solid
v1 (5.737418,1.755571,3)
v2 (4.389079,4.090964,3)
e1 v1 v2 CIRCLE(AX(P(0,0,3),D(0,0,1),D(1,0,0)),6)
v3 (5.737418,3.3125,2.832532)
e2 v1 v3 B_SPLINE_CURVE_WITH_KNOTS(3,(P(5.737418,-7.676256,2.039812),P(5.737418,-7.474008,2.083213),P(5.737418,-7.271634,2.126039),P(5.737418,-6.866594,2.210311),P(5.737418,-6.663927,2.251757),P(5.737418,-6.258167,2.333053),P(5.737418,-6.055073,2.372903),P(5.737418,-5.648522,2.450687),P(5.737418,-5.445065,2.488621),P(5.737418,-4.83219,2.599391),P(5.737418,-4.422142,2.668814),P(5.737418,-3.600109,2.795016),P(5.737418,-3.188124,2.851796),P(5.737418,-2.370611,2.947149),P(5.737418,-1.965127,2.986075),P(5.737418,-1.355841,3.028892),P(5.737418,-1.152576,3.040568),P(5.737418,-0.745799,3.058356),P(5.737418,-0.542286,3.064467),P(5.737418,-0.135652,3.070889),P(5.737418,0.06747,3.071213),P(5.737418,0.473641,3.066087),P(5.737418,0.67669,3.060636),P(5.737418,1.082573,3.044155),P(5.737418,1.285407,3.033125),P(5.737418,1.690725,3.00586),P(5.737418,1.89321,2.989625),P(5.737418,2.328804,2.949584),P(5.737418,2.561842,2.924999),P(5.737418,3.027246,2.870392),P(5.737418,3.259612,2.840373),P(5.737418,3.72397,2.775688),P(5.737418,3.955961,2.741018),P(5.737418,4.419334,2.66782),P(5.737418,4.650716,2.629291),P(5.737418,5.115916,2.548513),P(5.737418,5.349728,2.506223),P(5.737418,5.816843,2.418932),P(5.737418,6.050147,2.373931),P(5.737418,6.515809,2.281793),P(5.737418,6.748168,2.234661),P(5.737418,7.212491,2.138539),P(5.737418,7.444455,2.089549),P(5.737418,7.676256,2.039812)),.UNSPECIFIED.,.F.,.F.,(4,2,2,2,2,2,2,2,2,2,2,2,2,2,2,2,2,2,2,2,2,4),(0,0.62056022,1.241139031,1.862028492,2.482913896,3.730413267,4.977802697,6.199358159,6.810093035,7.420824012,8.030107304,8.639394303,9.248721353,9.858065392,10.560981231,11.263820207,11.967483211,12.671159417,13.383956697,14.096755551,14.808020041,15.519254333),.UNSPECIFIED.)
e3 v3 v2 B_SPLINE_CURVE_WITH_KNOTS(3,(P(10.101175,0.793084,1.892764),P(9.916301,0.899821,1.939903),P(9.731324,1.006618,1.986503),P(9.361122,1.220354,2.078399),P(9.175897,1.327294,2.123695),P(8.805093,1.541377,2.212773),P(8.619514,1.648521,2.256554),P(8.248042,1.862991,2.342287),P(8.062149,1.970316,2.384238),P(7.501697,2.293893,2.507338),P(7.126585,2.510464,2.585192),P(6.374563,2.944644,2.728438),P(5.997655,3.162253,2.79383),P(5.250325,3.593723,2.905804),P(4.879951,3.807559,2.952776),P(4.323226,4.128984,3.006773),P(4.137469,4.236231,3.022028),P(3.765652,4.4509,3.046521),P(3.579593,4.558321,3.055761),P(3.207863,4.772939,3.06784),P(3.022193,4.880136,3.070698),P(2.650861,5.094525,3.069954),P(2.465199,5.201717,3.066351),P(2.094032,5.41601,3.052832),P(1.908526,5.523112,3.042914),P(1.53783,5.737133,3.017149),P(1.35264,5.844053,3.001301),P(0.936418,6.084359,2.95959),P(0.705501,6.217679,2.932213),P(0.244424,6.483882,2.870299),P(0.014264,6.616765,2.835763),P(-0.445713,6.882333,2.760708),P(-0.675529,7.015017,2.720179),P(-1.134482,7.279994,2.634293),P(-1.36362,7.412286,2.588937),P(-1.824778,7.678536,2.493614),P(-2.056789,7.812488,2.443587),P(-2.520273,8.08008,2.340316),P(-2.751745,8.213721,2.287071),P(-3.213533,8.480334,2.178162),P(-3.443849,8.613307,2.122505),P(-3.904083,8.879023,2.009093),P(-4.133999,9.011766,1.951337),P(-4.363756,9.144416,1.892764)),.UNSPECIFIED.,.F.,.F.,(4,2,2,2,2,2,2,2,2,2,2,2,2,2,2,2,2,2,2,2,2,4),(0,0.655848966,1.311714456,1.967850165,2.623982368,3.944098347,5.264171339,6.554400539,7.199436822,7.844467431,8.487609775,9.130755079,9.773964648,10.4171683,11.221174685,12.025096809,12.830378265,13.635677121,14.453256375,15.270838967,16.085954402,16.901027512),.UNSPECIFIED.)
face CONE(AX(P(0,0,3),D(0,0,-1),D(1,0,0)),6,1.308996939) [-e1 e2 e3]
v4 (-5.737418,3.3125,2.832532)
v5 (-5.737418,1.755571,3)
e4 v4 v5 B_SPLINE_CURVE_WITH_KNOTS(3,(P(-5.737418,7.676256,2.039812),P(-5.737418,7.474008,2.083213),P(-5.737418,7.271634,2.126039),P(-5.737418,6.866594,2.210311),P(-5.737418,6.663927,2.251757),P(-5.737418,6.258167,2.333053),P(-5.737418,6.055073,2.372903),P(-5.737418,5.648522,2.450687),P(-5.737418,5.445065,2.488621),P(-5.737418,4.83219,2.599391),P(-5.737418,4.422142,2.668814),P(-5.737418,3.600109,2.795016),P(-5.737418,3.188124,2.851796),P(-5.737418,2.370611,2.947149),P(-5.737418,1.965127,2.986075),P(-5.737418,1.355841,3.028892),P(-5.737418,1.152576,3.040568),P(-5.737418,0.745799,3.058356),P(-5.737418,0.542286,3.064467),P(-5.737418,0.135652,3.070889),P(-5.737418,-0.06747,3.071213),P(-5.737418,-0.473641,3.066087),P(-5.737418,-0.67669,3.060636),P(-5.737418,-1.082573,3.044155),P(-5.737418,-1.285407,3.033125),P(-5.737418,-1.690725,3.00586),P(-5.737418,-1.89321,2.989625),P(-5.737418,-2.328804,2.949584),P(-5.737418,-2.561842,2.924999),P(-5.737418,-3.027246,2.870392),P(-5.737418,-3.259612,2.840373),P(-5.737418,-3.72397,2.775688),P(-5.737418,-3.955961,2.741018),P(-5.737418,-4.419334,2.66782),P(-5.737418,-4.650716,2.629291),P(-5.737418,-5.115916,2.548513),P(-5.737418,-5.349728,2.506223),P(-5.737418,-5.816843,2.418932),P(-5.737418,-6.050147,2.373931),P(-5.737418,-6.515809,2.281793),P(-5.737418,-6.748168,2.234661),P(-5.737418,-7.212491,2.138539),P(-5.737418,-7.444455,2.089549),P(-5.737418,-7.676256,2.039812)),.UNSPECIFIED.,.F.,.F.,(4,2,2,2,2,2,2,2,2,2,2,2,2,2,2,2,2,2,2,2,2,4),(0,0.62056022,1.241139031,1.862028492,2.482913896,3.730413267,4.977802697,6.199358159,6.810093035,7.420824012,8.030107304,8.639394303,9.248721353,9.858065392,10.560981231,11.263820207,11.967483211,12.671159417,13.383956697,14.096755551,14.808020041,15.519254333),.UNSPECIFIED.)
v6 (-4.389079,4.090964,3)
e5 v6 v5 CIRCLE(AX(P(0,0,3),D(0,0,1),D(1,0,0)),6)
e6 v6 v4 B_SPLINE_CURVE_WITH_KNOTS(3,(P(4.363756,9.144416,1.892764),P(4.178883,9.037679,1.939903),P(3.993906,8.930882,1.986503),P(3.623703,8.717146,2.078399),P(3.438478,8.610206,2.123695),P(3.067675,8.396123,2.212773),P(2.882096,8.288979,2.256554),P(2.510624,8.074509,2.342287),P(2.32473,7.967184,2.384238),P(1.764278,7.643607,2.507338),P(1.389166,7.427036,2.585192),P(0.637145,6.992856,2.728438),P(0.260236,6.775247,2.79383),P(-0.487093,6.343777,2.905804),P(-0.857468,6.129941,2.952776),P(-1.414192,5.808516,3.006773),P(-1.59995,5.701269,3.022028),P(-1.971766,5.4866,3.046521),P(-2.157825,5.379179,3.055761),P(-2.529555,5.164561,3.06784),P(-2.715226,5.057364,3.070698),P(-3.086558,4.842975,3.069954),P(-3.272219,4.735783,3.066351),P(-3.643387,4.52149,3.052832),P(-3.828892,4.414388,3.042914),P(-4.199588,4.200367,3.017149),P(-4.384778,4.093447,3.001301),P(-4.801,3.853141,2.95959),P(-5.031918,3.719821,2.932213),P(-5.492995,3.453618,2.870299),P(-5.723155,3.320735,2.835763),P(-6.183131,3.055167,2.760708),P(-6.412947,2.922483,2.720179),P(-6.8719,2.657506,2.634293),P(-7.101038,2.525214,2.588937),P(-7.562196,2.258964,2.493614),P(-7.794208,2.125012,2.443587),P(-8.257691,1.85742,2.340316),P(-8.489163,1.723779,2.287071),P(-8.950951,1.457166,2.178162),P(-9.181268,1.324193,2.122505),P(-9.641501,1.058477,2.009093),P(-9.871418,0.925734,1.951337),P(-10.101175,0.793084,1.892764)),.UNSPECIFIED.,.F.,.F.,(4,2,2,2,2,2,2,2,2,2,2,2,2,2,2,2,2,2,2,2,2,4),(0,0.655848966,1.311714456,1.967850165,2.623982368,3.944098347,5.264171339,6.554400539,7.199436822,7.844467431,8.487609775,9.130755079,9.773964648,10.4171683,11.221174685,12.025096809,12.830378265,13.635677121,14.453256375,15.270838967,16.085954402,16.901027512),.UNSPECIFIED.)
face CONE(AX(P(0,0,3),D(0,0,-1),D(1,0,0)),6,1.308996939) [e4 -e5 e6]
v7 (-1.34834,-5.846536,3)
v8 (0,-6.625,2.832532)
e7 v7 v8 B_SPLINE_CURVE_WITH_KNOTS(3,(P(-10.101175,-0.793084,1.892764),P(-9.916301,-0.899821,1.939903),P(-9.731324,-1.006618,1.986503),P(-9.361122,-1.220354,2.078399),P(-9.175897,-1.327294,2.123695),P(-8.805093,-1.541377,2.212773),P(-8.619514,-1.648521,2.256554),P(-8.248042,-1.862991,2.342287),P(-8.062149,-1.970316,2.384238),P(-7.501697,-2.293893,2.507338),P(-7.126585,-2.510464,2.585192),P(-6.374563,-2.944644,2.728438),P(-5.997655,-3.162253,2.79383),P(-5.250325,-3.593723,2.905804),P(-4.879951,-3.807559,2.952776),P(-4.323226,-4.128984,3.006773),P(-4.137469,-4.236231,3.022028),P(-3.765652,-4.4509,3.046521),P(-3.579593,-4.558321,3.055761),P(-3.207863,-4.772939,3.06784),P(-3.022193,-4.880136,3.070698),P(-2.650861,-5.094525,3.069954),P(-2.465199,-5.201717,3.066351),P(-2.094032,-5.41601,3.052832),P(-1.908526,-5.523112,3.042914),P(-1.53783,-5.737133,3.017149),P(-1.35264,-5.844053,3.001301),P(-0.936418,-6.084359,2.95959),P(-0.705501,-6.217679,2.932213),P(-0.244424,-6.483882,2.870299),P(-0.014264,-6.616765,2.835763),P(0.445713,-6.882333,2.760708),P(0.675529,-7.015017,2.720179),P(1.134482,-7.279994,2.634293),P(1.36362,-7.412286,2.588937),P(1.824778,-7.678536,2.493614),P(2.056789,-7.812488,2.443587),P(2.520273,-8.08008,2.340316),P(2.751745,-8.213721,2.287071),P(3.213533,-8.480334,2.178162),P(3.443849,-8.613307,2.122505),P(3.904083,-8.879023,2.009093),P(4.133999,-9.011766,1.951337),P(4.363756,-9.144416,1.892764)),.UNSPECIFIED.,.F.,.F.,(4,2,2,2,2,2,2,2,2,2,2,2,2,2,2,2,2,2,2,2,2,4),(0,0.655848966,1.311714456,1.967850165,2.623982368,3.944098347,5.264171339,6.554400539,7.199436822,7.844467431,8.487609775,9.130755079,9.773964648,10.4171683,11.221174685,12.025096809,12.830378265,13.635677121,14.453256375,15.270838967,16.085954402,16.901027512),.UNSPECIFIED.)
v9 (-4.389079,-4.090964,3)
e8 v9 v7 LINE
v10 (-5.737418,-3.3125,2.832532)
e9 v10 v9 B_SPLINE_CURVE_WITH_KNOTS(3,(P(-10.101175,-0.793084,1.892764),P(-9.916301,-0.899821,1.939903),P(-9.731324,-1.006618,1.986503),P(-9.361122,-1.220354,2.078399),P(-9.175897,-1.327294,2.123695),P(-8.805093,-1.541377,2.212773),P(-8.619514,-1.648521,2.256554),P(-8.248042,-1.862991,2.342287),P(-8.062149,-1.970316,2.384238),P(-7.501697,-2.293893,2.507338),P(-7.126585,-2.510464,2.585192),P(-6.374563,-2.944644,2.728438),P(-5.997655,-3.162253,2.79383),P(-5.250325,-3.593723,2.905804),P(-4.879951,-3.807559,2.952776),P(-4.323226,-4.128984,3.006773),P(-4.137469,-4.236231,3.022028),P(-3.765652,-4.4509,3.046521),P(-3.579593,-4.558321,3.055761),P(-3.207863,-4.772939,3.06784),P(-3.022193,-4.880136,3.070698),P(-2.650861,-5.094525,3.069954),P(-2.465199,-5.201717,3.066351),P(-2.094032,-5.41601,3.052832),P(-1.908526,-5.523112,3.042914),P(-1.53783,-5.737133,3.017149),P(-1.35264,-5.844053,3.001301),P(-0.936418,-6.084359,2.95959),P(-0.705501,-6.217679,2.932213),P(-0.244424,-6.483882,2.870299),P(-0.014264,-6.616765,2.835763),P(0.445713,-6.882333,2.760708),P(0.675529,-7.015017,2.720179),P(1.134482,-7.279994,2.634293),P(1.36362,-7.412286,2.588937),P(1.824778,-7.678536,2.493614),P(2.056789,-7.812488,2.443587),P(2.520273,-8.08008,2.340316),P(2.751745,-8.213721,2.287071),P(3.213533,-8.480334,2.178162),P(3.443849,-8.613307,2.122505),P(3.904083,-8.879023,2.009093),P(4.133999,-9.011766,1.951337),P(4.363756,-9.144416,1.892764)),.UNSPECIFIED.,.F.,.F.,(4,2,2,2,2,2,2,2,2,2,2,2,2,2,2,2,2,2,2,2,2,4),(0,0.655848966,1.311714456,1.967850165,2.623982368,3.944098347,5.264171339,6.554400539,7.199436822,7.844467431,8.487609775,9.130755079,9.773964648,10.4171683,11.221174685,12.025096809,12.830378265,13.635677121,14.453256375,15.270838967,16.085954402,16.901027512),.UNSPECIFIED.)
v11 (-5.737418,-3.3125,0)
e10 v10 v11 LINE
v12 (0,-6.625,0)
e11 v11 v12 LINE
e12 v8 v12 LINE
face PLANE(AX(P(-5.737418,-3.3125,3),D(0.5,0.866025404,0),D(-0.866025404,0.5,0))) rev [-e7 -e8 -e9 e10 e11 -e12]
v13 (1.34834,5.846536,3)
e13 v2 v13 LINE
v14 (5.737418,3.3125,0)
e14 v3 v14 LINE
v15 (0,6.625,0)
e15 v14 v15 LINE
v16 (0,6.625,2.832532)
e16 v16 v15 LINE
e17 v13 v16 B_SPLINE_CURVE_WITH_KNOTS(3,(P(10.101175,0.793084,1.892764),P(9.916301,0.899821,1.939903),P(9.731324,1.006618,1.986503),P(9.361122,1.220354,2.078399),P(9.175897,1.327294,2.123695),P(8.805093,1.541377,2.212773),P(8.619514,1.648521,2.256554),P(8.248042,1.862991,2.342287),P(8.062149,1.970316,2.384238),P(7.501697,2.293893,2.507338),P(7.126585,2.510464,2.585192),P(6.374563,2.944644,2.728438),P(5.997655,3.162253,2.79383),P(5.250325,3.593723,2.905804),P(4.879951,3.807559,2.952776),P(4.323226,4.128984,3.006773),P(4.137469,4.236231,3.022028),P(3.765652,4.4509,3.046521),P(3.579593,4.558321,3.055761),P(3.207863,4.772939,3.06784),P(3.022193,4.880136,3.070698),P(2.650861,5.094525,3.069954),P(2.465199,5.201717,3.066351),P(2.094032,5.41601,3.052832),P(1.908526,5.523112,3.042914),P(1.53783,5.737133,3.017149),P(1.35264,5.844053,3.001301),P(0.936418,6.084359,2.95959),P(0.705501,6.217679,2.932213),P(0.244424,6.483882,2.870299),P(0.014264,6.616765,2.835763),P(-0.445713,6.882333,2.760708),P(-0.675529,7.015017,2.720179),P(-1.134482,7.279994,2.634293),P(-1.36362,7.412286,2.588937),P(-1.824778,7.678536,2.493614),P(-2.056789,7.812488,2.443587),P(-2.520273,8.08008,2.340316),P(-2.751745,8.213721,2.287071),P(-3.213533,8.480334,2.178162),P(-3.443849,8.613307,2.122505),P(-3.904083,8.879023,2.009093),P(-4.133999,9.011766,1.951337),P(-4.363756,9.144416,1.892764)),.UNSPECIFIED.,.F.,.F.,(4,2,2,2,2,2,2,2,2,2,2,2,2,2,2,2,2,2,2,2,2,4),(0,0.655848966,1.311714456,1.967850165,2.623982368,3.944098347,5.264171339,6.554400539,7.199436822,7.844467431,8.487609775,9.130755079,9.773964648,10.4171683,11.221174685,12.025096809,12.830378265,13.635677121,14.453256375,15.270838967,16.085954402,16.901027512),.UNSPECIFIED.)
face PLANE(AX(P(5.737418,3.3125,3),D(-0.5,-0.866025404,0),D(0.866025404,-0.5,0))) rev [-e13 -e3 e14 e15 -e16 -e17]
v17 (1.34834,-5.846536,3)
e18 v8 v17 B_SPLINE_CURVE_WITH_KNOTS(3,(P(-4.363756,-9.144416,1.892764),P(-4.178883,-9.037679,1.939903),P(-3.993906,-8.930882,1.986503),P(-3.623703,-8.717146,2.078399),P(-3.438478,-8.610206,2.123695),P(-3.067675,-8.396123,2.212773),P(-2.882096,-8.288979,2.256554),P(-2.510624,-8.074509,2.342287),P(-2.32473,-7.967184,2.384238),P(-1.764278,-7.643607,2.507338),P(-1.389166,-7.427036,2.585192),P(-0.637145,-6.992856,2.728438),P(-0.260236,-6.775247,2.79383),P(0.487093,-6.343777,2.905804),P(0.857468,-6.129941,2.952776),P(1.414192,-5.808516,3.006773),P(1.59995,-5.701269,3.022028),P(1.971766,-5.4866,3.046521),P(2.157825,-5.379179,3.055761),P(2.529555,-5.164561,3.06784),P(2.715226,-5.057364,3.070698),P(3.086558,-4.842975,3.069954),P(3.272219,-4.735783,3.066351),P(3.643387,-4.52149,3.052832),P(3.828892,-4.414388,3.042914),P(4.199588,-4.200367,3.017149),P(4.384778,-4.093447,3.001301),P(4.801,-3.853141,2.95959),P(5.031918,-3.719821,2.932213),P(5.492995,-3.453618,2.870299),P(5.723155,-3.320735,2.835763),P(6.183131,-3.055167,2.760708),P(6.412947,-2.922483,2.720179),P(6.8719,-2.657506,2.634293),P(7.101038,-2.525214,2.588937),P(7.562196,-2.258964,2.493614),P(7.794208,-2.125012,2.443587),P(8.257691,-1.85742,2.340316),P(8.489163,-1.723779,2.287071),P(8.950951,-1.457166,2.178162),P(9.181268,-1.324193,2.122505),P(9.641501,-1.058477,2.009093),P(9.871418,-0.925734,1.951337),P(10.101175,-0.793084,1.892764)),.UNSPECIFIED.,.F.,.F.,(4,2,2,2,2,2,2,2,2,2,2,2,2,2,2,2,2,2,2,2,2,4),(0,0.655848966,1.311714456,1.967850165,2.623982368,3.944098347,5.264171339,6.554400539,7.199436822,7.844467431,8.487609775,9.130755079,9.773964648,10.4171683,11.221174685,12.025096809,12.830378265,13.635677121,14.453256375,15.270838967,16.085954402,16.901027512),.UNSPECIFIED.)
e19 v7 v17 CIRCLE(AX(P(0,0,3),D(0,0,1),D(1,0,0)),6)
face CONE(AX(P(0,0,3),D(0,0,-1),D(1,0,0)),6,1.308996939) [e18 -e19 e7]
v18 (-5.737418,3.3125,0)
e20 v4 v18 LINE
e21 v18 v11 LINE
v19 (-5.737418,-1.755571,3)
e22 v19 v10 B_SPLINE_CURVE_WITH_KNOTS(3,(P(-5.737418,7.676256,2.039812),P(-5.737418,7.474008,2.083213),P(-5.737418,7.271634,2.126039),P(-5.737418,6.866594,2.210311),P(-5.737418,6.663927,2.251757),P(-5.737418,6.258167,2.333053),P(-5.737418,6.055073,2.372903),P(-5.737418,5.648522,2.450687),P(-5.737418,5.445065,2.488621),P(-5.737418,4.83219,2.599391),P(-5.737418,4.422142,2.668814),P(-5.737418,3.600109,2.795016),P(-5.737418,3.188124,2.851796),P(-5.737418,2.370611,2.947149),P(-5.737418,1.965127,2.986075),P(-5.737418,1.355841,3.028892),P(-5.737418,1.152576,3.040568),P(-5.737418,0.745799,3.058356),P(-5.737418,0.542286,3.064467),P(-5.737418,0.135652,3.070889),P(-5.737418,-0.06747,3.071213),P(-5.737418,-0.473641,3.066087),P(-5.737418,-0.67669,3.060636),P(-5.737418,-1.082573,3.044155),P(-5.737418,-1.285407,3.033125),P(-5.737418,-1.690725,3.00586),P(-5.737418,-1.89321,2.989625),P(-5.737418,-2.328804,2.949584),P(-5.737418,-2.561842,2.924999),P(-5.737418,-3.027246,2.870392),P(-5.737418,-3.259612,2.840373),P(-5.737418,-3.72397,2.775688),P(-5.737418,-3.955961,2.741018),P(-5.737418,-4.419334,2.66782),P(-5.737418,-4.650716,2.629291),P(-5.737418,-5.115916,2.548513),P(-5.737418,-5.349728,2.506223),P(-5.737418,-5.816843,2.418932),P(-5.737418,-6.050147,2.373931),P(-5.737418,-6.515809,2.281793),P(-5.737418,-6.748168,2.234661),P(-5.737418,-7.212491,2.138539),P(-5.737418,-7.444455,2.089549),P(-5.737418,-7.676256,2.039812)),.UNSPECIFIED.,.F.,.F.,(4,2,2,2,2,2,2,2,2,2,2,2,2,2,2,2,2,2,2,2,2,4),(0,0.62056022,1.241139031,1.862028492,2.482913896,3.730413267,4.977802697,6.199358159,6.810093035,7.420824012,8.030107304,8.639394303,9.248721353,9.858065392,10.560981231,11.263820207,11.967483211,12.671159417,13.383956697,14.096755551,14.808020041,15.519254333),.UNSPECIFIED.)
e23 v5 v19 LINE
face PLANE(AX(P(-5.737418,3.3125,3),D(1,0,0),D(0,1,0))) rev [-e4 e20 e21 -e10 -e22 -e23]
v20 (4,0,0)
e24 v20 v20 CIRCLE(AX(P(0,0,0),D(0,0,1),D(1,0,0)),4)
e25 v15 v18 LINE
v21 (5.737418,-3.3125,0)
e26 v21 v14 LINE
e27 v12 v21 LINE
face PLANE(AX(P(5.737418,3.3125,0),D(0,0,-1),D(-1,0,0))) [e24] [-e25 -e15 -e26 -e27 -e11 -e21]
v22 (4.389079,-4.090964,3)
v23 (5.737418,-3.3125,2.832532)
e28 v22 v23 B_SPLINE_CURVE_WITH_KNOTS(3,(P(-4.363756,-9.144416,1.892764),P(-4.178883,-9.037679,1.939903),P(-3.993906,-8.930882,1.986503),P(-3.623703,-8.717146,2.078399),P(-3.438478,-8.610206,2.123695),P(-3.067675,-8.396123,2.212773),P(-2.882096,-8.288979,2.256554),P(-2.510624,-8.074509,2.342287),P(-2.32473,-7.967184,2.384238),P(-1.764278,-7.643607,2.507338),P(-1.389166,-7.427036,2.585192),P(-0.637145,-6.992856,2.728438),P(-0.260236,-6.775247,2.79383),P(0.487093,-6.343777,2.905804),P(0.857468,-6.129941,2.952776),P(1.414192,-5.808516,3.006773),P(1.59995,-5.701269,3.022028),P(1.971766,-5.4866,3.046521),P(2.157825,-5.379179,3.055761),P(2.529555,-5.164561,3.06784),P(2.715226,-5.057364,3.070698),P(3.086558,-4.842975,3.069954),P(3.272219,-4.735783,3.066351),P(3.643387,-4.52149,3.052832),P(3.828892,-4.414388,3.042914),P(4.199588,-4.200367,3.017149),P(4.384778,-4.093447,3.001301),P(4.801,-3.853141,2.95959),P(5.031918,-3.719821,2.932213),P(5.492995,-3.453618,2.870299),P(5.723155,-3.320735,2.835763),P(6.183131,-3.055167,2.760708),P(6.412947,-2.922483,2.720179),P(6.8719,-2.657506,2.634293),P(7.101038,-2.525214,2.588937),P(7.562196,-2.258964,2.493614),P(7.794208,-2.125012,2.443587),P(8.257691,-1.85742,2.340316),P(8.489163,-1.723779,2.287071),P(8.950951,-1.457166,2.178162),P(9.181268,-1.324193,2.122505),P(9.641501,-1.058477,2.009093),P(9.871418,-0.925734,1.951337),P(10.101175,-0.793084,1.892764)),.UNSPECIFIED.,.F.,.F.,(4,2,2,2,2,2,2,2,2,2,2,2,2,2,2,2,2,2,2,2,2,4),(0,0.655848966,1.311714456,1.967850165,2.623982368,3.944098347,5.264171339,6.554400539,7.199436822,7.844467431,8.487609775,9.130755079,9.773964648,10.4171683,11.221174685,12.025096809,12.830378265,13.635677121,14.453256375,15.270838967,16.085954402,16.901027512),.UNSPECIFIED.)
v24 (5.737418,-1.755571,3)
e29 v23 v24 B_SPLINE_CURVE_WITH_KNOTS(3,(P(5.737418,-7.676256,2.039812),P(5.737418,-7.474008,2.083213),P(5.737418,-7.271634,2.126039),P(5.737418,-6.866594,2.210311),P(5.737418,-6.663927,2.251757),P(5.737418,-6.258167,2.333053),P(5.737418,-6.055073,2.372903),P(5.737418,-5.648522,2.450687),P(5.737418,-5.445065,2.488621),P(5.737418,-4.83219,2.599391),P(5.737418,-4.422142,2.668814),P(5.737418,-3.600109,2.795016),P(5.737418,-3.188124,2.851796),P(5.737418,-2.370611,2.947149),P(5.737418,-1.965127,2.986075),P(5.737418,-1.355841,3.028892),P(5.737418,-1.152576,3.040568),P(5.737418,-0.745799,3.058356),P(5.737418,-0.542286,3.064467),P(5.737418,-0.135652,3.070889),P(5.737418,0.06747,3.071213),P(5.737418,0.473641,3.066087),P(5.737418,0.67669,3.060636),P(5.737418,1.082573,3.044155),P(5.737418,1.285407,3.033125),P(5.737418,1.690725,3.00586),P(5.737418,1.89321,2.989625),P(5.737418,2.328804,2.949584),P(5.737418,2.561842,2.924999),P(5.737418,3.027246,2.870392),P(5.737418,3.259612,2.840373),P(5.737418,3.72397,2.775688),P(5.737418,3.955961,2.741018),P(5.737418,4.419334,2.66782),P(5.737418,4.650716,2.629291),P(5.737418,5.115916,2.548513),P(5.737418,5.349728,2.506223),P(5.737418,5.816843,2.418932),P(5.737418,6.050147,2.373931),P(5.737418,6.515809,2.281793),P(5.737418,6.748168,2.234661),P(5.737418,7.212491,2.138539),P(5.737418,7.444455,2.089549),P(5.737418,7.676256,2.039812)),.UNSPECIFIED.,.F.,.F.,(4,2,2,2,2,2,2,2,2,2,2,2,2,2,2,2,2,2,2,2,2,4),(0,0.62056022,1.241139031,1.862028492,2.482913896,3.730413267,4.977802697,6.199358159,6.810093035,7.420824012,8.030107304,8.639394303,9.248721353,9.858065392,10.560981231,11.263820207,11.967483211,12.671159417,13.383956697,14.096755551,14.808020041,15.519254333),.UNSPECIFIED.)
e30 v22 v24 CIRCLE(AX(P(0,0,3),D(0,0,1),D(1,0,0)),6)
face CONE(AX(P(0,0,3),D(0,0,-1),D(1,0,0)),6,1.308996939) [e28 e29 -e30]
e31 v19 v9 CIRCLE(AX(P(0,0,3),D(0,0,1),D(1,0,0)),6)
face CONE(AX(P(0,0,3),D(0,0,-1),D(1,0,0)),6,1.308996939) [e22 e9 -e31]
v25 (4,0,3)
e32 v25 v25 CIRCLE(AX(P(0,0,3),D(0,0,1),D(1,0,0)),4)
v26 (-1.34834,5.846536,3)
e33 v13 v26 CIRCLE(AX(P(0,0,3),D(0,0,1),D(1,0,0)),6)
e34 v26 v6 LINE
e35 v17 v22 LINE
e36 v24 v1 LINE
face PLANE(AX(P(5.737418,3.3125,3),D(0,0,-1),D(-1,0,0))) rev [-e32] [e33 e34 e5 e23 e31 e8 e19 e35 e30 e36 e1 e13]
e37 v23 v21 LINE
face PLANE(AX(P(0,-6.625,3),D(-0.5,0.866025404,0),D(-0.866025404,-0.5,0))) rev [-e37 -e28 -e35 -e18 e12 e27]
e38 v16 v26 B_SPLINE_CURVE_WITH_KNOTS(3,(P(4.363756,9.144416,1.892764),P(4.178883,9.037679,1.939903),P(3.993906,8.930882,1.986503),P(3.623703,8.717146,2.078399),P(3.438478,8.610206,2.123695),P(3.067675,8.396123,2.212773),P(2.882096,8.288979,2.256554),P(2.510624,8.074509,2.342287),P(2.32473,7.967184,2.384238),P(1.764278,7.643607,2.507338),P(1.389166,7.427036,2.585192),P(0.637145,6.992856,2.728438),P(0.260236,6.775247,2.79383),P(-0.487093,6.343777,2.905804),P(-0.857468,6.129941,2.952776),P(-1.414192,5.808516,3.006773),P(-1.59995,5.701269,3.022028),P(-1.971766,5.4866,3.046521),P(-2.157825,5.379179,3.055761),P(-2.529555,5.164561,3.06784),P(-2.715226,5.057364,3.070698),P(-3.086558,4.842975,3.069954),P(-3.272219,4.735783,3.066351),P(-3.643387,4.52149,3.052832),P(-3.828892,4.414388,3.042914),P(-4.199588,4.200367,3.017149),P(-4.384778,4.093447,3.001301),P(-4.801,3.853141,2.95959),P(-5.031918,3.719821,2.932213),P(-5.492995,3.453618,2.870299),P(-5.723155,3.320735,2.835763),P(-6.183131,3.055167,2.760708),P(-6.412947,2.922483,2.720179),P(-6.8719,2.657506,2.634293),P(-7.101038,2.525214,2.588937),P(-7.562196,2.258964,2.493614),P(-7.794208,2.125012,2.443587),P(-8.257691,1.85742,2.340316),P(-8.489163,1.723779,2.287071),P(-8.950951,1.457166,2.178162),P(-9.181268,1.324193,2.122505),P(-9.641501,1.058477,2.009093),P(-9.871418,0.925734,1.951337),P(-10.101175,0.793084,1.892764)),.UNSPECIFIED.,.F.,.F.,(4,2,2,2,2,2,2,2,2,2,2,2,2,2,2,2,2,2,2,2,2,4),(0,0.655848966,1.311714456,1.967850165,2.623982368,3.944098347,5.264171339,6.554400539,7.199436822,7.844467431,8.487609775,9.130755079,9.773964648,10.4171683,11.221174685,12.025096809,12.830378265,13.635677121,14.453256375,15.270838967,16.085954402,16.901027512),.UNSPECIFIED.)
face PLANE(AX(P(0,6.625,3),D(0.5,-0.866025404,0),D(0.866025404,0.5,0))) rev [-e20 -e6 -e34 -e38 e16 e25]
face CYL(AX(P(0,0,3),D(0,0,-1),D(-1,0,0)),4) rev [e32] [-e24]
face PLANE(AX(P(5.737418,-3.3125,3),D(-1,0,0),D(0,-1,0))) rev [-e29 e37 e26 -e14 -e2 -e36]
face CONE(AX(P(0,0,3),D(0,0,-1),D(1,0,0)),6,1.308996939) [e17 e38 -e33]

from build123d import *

# Parameters (mm, degrees)
SKETCH_1_R          = 4
EXTRUDE_542_DEPTH   = 3
SKETCH_2_OUTSIDE_W  = 93.636
SKETCH_2_OUTSIDE_H  = 95.412
SKETCH_2_OUTSIDE_R  = 6
CUT_EXTRUDE_1_DEPTH = 10.263292814
CUT_EXTRUDE_1_DRAFT = -75


with BuildPart() as part:
    # 草图1 → Extrude 542 (new body)
    with BuildSketch(Plane.XY):
        Polygon((0, 6.625), (-5.7374183, 3.3125), (-5.7374183, -3.3125), (0, -6.625), (5.7374183, -3.3125), (5.7374183, 3.3125), align=None)
        Circle(SKETCH_1_R, mode=Mode.SUBTRACT)
    extrude(amount=EXTRUDE_542_DEPTH)


with BuildPart() as cut_extrude_1_tool:
    # 草图2 outside → 切除-拉伸1 (with draft: the straight prism first)
    with BuildSketch(Plane.XY.offset(3)):
        Rectangle(SKETCH_2_OUTSIDE_W, SKETCH_2_OUTSIDE_H)
        Circle(SKETCH_2_OUTSIDE_R, mode=Mode.SUBTRACT)
    extrude(amount=-CUT_EXTRUDE_1_DEPTH)
    # 切除-拉伸1: the draft: its side faces are tilted about the plane it starts from
    cut_extrude_1_sides = [cut_extrude_1_tool.faces().sort_by_distance(p)[0] for p in [
        (0, -47.706, -2.131646407),
        (46.818, 0, -2.131646407),
        (0, 47.706, -2.131646407),
        (-46.818, 0, -2.131646407),
        (-6, 0, -2.131646407),
    ]]
    draft(cut_extrude_1_sides, Plane.XY.offset(3), CUT_EXTRUDE_1_DRAFT)


with BuildPart() as part_1:
    add(part.part)

    # 切除-拉伸1: cut by cut_extrude_1_tool
    add(cut_extrude_1_tool.part, mode=Mode.SUBTRACT)


solid = part_1.part
